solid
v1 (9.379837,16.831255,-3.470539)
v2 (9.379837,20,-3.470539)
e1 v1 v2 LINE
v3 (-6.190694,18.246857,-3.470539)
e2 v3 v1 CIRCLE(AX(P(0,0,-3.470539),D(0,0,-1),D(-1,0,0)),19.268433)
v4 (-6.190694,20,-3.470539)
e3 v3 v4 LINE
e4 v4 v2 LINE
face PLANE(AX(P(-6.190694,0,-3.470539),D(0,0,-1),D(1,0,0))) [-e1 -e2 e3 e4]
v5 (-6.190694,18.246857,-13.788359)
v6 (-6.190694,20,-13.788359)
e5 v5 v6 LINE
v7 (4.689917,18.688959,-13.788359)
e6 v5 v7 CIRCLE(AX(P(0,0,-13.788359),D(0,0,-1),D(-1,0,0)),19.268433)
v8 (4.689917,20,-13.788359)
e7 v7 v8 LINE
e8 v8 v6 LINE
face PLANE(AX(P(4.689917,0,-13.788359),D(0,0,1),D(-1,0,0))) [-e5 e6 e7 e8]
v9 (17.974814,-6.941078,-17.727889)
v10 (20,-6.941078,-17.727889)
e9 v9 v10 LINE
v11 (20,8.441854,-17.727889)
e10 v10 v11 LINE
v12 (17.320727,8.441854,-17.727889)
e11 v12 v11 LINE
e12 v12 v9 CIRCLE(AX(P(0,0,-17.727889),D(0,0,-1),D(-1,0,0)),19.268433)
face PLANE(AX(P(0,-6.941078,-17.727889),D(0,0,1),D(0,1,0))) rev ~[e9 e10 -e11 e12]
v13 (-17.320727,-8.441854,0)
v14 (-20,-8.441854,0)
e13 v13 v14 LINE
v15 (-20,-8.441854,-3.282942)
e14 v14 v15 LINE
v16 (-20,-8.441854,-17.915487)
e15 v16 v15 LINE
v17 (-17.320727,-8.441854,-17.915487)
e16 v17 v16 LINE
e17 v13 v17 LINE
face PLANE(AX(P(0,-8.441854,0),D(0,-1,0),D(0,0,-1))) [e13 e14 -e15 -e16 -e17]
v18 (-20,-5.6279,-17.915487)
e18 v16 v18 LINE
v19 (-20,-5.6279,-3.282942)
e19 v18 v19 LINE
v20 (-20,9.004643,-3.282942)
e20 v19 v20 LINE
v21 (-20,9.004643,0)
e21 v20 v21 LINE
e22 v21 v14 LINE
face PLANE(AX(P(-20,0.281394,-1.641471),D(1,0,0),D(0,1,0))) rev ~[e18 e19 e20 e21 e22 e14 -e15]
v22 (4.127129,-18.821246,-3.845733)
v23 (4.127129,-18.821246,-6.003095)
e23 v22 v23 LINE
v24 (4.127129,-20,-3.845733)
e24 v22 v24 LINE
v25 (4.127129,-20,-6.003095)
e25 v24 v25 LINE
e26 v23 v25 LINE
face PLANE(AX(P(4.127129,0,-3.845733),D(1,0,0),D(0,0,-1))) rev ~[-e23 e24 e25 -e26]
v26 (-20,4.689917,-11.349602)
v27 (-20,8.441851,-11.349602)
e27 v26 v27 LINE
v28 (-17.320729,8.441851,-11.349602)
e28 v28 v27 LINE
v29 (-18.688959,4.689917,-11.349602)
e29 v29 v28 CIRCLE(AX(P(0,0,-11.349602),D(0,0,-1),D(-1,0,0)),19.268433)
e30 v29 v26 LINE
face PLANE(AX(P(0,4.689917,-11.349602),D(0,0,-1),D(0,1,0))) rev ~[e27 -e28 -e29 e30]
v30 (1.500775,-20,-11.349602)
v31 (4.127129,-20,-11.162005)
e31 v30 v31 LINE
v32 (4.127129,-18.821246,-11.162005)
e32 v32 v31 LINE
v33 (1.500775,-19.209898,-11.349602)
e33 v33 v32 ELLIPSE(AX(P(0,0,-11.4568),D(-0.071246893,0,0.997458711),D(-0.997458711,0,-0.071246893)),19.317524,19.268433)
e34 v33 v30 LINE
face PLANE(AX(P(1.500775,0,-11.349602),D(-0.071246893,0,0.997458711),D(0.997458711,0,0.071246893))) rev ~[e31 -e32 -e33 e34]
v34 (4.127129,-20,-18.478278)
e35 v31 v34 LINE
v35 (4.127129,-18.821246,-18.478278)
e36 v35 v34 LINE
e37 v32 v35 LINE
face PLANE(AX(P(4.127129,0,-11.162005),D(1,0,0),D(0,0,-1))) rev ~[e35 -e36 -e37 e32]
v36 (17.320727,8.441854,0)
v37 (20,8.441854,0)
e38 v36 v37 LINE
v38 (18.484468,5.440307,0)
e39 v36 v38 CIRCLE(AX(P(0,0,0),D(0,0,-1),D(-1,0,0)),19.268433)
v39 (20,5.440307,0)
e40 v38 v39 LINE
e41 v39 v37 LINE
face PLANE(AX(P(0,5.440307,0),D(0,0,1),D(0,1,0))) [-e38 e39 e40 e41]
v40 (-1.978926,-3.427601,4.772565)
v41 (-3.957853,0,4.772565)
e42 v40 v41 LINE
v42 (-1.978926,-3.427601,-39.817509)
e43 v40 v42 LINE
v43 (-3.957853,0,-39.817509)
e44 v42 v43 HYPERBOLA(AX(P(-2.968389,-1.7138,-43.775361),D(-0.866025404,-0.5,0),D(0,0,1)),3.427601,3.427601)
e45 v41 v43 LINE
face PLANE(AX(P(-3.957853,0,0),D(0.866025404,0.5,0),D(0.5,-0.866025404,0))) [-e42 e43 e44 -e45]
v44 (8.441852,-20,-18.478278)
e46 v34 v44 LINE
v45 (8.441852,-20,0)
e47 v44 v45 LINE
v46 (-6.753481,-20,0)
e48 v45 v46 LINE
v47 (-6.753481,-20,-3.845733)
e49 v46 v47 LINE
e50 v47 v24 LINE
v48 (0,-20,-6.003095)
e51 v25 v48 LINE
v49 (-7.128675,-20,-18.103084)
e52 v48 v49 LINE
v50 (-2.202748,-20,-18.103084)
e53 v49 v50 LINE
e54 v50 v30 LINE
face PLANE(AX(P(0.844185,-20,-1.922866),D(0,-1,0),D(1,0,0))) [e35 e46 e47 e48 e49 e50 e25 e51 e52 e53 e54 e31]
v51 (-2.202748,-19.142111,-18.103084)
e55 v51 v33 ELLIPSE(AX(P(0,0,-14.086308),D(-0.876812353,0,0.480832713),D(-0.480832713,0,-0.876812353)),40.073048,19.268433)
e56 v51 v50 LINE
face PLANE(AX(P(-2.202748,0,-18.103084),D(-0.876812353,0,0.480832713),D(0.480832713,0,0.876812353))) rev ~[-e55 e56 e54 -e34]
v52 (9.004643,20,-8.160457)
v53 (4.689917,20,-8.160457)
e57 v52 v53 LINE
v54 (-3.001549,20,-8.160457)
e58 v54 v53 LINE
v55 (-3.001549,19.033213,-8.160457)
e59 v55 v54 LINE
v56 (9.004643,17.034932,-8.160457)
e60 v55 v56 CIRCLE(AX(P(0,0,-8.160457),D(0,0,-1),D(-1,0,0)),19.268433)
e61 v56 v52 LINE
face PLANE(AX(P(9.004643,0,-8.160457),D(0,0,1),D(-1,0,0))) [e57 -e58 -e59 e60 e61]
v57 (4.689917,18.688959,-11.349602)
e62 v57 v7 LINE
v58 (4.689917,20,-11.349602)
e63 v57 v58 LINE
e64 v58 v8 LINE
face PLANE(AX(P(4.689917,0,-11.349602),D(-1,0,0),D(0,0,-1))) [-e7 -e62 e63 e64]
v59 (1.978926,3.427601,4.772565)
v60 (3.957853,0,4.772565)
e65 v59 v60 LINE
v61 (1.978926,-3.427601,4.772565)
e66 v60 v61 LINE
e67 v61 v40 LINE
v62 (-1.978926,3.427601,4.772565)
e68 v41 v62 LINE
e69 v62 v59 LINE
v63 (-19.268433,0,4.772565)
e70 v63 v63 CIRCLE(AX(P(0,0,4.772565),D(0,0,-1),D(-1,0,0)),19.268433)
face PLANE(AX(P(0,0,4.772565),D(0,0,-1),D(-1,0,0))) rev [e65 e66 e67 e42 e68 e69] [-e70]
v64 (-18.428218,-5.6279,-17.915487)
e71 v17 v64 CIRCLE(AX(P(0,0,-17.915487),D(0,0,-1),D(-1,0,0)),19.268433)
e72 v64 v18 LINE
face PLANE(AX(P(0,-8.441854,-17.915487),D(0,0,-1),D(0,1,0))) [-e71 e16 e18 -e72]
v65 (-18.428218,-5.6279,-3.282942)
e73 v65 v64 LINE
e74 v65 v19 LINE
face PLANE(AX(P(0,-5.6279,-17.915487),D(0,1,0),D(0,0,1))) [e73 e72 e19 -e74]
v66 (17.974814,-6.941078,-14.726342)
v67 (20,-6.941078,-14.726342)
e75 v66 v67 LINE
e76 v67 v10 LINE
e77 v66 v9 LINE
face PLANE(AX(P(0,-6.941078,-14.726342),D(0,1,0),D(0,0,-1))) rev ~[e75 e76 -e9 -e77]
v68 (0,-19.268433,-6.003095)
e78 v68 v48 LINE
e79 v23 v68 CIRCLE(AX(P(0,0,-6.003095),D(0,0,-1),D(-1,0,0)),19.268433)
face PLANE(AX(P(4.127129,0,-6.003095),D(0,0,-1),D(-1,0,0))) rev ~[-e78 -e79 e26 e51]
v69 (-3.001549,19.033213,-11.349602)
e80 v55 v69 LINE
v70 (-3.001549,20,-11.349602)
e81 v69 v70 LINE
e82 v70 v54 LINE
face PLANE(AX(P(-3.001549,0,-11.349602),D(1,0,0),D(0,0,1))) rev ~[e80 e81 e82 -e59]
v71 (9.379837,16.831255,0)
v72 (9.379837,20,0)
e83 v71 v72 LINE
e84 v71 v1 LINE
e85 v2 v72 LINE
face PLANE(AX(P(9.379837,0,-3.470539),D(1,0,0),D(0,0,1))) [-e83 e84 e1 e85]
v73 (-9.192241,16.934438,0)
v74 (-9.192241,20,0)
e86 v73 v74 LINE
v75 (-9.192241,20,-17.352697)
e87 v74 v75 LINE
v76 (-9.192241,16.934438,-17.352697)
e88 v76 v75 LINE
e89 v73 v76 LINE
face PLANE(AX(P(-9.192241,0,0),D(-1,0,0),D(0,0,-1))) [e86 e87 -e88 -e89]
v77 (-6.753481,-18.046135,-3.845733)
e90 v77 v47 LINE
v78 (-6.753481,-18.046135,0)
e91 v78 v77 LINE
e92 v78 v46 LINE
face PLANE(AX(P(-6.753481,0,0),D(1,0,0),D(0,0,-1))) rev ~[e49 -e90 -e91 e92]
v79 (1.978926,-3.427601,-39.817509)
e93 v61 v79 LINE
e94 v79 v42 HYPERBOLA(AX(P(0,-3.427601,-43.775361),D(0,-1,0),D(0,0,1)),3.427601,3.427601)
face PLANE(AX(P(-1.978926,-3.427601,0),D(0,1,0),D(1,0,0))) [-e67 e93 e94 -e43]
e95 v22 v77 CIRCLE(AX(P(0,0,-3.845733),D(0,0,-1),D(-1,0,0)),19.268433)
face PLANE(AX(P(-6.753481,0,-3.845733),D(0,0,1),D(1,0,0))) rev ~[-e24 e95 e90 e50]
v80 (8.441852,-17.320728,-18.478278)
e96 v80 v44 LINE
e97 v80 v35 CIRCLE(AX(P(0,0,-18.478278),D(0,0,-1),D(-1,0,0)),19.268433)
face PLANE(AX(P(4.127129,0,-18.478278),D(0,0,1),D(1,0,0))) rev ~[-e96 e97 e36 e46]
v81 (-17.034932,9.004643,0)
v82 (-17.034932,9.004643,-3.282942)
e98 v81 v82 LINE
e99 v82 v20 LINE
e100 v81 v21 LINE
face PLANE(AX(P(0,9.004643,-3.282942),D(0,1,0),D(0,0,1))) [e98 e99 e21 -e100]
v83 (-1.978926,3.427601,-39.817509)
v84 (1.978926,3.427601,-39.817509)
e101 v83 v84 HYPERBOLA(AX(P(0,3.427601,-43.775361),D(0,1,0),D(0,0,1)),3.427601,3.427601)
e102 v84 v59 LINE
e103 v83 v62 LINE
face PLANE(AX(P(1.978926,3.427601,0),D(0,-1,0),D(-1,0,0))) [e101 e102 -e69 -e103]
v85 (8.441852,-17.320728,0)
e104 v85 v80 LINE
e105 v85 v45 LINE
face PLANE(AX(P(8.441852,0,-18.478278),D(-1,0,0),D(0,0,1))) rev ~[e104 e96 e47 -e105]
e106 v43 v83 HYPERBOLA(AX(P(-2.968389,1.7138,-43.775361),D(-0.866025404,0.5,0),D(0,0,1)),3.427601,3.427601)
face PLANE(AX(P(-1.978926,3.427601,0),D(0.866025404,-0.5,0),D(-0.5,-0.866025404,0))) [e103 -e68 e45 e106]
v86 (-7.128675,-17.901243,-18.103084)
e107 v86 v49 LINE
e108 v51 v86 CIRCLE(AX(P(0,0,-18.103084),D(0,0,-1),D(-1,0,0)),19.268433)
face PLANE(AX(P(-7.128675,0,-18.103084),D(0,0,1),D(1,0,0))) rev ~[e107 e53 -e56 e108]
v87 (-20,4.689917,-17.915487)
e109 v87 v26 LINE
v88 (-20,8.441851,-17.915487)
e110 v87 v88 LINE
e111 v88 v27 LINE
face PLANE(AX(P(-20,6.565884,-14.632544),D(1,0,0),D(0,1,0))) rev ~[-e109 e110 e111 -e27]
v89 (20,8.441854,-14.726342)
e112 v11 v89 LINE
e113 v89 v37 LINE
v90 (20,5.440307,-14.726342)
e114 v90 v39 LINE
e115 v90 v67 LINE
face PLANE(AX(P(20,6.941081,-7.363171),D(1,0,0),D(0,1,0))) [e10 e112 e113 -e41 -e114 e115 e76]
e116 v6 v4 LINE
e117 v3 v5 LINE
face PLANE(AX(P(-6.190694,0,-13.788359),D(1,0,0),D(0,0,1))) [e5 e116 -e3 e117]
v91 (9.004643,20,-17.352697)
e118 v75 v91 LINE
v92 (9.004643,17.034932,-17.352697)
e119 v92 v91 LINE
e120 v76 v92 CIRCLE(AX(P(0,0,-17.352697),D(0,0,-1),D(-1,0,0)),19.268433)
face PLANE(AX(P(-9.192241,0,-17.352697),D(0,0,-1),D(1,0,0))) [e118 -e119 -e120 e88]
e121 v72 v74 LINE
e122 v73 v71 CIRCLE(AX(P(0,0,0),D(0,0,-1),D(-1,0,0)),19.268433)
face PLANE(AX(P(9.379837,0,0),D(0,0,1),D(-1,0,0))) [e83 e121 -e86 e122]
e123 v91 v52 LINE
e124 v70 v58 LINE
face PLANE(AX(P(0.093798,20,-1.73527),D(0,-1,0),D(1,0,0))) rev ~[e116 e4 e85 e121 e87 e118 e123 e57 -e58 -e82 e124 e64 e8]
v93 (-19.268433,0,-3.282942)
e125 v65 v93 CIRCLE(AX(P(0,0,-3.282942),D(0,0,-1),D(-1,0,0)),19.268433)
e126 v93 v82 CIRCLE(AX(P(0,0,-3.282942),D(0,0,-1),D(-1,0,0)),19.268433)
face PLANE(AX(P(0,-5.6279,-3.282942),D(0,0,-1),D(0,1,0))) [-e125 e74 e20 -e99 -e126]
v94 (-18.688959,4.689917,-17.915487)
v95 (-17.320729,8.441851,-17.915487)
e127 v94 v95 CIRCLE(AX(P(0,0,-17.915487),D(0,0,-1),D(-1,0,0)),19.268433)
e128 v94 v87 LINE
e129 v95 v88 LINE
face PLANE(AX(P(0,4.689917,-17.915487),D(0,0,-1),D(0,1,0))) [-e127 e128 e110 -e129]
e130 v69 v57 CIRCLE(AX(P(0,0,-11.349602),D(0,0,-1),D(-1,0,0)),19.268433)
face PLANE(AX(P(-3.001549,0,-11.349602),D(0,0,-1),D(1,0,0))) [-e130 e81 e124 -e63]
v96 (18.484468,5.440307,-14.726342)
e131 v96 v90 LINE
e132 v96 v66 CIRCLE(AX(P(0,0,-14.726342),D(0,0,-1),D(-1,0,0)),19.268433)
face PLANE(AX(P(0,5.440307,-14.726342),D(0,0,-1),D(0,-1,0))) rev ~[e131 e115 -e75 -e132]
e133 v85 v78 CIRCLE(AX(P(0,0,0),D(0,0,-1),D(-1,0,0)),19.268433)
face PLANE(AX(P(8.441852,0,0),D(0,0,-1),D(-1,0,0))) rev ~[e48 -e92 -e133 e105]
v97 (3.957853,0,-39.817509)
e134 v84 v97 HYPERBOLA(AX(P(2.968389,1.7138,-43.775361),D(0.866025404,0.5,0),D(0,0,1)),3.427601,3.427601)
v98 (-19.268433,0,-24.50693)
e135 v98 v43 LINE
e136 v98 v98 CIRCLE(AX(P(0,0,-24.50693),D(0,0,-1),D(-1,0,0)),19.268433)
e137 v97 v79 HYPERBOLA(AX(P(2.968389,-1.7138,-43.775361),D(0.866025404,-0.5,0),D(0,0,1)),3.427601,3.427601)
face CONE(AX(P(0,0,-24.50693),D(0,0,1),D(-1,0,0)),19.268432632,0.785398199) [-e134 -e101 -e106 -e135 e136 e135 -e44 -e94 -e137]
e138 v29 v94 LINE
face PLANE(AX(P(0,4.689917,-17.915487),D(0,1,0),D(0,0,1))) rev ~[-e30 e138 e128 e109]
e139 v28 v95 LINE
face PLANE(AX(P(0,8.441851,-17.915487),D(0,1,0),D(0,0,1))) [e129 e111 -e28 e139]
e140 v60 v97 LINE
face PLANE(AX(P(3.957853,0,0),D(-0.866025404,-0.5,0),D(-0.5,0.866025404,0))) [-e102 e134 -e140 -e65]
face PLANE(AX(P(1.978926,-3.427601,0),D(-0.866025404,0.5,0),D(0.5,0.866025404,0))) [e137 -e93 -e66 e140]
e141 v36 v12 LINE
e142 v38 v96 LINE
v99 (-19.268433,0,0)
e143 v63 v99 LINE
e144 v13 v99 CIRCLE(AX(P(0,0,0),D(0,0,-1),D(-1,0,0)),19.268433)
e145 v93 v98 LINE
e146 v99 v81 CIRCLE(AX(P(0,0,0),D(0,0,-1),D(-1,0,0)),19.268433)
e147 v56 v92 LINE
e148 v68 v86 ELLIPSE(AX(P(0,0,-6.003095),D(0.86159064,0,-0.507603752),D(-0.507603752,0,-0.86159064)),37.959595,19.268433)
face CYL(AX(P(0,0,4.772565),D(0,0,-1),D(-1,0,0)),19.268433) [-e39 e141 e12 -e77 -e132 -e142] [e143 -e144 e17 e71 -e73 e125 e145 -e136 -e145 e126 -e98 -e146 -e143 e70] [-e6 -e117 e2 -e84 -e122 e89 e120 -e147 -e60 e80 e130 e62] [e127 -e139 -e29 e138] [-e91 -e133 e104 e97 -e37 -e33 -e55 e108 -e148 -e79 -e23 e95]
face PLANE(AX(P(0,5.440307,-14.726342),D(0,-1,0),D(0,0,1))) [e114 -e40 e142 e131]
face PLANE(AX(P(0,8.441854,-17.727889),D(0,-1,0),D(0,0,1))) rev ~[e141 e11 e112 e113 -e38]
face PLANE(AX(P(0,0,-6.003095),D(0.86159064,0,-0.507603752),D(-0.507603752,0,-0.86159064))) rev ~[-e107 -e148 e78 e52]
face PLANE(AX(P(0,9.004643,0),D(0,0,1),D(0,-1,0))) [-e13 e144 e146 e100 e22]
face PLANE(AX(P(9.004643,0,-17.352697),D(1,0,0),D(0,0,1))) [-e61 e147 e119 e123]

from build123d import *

# Parameters (mm, degrees)
F4_DEPTH  = 71.64283
F3_W      = 3.0015474185
F3_H      = 14.726341702
F5_DEPTH  = 20
F6_W      = 2.8139539063
F6_H      = 14.6325449459
F6_W_2    = 3.7519335747
F6_H_2    = 6.5658856183
F7_DEPTH  = 20
F9_DEPTH  = 20
F10_W     = 7.6914660167
F10_H     = 3.1891446561
F11_DEPTH = 20
F12_DEPTH = 49.92346


with BuildPart() as f1:
    # F0 (on Front) → F1 (revolve)
    with BuildSketch(Plane.XZ):
        Polygon((0, -24.5069297566), (0, 4.7725648619), (-4.554358311, 4.7725648619), (-19.2684326321, 4.7725648619), (-19.2684326321, -24.5069297566), align=None)
        Polygon((0, -43.7753610313), (0, -24.5069297566), (-19.2684326321, -24.5069297566), align=None)
    revolve(axis=Axis((0, 0, -9.8671824473), (0, 0, -1)))

    # F2 (on Top) → F4 (cut)
    with BuildSketch(Plane.XY):
        Polygon((-1.9789263333, -3.4276009537), (1.9789263333, -3.4276009537), (3.9578526666, 0), (1.9789263333, 3.4276009537), (-1.9789263333, 3.4276009537), (-3.9578526666, 0), align=None)
    extrude(amount=F4_DEPTH, mode=Mode.SUBTRACT)

    # F3 (on Right) → F5 (join)
    with BuildSketch(Plane.YZ):
        with Locations((6.941080559, -7.363170851)):
            Rectangle(F3_W, F3_H)
        Polygon((8.4418542683, -17.7278891206), (8.4418542683, -14.726341702), (5.4403068498, -14.726341702), (-6.9410782307, -14.726341702), (-6.9410782307, -17.7278891206), align=None)
    extrude(amount=F5_DEPTH)

    # F6 (on Right) → F7 (join)
    with BuildSketch(Plane.YZ):
        Polygon((9.0046431869, -3.2829423435), (9.0046431869, 0), (-8.4418542683, 0), (-8.4418542683, -3.2829423435), (-5.627900362, -3.2829423435), align=None)
        with Locations((-7.0348773152, -10.5992148165)):
            Rectangle(F6_W, F6_H)
        with Locations((6.5658842213, -14.6325444803)):
            Rectangle(F6_W_2, F6_H_2)
    extrude(amount=-F7_DEPTH)

    # F8 (on Front) → F9 (join)
    with BuildSketch(Plane.XZ):
        Polygon((8.4418524057, 0), (-6.7534814589, 0), (-6.7534814589, -3.8457328919), (4.1271289811, -3.8457328919), (8.4418524057, -3.8457328919), align=None)
        Polygon((8.4418524057, -18.4782778379), (8.4418524057, -3.8457328919), (4.1271289811, -3.8457328919), (4.1271289811, -6.0030948953), (4.1271289811, -11.1620053649), (4.1271289811, -18.4782778379), align=None)
        Polygon((4.1271289811, -11.1620053649), (4.1271289811, -6.0030948953), (0, -6.0030948953), (-7.1286750026, -18.1030835956), (-2.2027484971, -18.1030835956), (1.5007748734, -11.3496016711), align=None)
    extrude(amount=F9_DEPTH)

    # F10 (on Front) → F11 (join)
    with BuildSketch(Plane.XZ):
        Polygon((9.3798367307, -3.4705393482), (9.3798367307, 0), (-9.1922413558, 0), (-9.1922413558, -3.4705393482), (-6.1906939372, -3.4705393482), align=None)
        Polygon((-6.1906939372, -3.4705393482), (-9.1922413558, -3.4705393482), (-9.1922413558, -17.3526965082), (-6.1906939372, -17.3526965082), (-6.1906939372, -13.7883592397), align=None)
        Polygon((4.689917434, -13.7883592397), (-6.1906939372, -13.7883592397), (-6.1906939372, -17.3526965082), (9.0046431869, -17.3526965082), (9.0046431869, -13.7883592397), align=None)
        Polygon((4.689917434, -11.3496016711), (4.689917434, -13.7883592397), (9.0046431869, -13.7883592397), (9.0046431869, -8.160457015), (4.689917434, -8.160457015), align=None)
        with Locations((0.8441844257, -9.7550293431)):
            Rectangle(F10_W, F10_H)
    extrude(amount=-F11_DEPTH)

    # F2 (on Top) → F12 (cut)
    with BuildSketch(Plane.XY):
        Polygon((-1.9789263333, -3.4276009537), (1.9789263333, -3.4276009537), (3.9578526666, 0), (1.9789263333, 3.4276009537), (-1.9789263333, 3.4276009537), (-3.9578526666, 0), align=None)
    extrude(amount=-F12_DEPTH, mode=Mode.SUBTRACT)


solid = f1.part
